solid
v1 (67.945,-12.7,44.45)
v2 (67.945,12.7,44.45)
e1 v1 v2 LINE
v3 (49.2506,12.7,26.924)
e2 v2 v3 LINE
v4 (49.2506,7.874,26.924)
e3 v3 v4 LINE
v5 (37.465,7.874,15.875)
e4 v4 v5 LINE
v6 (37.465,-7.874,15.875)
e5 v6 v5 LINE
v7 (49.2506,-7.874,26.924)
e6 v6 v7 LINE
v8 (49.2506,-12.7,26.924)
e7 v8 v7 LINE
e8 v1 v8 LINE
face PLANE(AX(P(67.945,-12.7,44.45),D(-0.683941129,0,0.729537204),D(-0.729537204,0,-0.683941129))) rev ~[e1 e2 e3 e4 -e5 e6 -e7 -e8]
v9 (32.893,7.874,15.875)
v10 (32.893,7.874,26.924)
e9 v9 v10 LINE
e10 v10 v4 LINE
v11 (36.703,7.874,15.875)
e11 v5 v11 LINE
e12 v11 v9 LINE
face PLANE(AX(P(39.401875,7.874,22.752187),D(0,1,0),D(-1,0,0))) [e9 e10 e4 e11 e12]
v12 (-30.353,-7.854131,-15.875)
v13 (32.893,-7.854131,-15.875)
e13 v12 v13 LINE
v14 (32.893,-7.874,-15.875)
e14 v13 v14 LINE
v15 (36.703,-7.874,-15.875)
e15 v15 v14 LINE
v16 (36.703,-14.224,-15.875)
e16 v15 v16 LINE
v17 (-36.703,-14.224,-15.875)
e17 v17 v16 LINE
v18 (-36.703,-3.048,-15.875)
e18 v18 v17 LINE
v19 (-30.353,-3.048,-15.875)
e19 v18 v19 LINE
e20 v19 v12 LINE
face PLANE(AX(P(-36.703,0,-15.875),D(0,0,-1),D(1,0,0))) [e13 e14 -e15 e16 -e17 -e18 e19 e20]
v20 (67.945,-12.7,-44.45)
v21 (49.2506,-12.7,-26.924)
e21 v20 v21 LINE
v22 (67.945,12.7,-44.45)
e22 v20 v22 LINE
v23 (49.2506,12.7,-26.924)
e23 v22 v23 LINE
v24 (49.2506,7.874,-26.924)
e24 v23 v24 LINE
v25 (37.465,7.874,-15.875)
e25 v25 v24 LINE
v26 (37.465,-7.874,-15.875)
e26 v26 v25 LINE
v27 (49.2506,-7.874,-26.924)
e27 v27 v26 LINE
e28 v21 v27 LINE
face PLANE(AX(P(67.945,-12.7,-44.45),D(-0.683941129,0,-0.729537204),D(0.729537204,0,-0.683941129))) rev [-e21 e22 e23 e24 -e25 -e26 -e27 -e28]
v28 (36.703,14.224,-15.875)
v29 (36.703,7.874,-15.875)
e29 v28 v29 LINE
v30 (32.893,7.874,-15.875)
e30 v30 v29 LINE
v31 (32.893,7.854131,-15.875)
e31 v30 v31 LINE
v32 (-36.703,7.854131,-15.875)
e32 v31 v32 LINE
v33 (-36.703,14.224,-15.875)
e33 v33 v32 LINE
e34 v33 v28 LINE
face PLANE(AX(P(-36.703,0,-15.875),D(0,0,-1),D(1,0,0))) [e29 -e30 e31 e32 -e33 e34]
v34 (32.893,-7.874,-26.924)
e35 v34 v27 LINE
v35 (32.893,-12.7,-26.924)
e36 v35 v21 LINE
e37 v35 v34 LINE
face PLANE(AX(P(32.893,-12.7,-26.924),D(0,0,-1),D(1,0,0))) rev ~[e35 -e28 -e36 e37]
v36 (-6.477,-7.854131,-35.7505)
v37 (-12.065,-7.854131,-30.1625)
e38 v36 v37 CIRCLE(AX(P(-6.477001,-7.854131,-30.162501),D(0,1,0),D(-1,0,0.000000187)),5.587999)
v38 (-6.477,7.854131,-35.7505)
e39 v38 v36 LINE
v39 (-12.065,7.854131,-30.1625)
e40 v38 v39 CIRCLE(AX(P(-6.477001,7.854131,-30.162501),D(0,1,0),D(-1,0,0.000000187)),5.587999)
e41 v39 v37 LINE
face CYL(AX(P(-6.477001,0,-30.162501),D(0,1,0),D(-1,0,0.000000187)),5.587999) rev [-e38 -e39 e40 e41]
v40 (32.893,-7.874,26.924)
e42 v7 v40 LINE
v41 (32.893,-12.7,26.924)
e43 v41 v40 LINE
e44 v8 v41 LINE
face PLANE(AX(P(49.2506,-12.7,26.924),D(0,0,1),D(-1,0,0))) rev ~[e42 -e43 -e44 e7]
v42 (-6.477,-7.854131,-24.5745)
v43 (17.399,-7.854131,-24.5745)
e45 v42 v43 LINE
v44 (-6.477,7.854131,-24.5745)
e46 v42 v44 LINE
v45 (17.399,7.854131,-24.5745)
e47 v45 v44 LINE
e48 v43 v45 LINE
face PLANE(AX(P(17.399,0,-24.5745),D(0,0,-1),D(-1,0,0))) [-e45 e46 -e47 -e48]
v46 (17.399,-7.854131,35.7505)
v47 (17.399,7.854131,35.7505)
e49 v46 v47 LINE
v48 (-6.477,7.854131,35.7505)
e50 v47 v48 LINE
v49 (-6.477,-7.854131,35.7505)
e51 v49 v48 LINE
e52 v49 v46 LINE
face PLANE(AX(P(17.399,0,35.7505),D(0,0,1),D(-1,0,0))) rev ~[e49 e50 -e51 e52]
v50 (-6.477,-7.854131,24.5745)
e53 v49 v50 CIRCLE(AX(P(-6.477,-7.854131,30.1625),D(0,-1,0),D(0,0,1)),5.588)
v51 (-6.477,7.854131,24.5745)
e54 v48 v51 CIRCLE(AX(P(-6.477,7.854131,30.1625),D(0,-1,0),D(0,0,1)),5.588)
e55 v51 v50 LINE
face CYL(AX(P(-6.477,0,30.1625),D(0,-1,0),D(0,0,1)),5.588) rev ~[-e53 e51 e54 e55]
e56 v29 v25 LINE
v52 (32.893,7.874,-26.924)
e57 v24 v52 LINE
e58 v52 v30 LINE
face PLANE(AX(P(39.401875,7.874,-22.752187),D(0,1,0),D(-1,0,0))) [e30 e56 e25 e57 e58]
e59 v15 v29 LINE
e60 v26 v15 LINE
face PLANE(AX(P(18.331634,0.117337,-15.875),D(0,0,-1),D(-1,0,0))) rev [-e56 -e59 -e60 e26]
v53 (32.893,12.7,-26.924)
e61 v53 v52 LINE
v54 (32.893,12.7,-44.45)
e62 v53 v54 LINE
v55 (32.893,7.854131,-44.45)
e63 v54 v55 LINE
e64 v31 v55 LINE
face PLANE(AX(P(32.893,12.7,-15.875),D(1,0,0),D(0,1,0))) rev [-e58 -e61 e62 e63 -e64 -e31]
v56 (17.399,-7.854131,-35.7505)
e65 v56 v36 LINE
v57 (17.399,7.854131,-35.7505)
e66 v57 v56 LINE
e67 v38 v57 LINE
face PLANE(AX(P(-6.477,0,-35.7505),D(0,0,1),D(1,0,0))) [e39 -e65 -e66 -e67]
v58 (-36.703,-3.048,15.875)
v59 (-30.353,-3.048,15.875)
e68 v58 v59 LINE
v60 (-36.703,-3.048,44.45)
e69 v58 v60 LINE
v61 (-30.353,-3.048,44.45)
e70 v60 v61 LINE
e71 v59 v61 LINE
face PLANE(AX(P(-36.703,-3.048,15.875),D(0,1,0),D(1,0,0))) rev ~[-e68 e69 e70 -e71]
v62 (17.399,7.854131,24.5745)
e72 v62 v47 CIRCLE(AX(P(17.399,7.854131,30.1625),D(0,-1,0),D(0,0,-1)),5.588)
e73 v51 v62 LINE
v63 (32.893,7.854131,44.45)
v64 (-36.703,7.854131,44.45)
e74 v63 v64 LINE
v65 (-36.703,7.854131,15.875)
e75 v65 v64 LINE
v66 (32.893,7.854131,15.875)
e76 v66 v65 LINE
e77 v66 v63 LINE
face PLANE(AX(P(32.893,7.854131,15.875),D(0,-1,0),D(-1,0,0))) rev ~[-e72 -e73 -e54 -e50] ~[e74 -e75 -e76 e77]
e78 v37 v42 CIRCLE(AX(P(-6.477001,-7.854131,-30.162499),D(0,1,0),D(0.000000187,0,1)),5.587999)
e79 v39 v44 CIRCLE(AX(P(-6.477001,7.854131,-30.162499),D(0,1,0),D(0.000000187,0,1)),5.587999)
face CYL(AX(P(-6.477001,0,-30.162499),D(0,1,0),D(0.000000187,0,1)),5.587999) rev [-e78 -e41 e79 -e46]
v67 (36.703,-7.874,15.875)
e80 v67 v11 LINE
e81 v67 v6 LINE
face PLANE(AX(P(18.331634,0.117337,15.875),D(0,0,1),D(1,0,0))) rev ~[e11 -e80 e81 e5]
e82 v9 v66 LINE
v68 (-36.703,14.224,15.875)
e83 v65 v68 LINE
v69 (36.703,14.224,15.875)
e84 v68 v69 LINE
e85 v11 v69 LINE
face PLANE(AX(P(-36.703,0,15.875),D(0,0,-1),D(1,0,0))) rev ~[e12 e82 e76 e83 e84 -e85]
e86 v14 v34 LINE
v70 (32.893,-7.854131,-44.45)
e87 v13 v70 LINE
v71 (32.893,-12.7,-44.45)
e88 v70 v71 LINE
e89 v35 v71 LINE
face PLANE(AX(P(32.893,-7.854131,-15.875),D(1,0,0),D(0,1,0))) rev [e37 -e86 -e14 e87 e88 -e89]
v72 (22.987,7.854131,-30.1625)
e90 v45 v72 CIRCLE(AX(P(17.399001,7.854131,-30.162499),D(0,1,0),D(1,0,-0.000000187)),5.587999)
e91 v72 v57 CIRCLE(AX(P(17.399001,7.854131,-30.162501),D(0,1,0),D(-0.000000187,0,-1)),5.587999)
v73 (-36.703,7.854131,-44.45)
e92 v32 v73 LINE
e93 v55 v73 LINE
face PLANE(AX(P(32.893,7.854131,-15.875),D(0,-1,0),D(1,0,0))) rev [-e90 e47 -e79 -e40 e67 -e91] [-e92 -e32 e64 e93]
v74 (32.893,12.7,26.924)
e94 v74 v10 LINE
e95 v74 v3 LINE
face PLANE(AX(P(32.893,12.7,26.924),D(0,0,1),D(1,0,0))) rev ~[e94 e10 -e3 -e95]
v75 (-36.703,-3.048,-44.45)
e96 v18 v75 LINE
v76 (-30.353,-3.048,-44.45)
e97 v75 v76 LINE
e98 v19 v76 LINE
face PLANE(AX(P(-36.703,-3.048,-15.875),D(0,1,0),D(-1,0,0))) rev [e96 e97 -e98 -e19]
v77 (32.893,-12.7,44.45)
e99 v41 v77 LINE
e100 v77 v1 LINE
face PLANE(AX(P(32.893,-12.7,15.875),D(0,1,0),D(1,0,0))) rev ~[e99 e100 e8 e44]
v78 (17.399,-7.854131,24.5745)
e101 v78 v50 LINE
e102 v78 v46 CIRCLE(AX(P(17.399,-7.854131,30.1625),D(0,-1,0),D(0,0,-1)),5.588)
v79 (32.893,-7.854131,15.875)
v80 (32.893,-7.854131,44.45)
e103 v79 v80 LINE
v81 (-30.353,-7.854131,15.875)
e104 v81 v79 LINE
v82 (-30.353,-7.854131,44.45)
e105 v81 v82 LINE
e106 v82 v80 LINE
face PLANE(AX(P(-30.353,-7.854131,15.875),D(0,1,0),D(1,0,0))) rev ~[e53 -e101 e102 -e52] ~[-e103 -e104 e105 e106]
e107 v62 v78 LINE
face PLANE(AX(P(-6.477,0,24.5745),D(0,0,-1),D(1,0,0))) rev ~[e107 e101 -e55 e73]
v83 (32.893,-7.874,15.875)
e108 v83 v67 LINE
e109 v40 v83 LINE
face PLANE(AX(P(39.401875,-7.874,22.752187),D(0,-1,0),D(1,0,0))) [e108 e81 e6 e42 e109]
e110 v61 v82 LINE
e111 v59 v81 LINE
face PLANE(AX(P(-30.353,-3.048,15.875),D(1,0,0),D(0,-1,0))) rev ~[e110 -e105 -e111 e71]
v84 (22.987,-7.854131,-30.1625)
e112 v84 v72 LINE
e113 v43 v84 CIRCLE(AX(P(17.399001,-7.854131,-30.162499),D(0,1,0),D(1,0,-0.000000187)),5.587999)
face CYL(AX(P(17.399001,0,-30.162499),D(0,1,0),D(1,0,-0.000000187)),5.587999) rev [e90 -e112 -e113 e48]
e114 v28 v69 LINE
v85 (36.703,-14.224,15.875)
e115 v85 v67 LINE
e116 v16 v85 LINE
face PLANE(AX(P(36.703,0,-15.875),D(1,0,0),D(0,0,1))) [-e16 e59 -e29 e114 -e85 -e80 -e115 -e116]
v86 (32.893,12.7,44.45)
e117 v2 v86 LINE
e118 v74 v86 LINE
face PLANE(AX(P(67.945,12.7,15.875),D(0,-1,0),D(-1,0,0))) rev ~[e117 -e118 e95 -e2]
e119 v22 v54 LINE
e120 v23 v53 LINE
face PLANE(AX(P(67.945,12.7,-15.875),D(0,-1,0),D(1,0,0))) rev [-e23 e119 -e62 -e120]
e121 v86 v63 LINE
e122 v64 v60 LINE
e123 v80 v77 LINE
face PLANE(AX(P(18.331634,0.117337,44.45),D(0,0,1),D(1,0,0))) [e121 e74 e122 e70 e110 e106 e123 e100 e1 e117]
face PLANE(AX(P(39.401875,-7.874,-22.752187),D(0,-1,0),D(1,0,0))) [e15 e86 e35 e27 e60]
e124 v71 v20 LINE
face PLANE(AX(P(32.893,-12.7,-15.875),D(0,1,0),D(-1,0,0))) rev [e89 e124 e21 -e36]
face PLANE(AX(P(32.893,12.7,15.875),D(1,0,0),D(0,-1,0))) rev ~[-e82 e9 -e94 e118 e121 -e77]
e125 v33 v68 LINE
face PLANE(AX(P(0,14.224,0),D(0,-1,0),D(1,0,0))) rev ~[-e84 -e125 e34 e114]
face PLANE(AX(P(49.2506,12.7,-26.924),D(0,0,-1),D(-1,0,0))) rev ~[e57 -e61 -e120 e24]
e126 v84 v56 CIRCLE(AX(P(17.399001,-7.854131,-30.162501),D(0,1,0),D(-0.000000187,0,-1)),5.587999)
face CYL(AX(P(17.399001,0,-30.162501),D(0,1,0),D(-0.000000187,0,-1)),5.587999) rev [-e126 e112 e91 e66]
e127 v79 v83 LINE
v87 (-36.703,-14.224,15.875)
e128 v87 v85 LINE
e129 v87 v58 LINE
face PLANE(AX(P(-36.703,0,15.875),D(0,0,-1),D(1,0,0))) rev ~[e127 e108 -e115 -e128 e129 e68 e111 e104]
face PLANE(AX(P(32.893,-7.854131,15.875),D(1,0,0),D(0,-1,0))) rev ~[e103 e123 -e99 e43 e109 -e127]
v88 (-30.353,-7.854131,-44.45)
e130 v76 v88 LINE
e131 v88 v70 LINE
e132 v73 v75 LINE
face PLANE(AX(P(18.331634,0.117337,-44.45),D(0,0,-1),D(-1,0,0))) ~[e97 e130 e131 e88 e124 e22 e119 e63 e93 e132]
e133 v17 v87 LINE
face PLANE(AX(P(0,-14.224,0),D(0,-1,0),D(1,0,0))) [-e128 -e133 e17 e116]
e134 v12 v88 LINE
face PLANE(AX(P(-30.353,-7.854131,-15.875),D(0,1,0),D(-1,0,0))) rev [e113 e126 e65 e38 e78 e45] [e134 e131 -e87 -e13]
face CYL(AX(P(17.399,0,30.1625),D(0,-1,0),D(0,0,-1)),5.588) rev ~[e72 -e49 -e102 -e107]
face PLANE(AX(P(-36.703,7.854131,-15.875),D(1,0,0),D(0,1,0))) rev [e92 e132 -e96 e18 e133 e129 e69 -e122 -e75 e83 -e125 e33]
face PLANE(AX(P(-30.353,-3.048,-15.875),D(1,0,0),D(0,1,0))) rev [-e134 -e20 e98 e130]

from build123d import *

# Parameters (mm, degrees)
F0_W      = 73.406
F0_H      = 31.75
F1_DEPTH  = 14.224
F3_DEPTH  = 28.575
F5_DEPTH  = 25.4
F8_DEPTH  = 12.7
F10_DEPTH = 4.826
F12_DEPTH = 4.826


with BuildPart() as f1:
    # F0 (on Front) → F1 (new body, symmetric)
    with BuildSketch(Plane.XZ):
        Rectangle(F0_W, F0_H)
    extrude(amount=F1_DEPTH, both=True)

    # F2 (on face) → F3 (join)
    with BuildSketch(Plane.XY.offset(15.875)):
        Polygon((-36.703, 7.854131), (-36.703, -3.048), (-30.353, -3.048), (-30.353, -7.854131), (32.893, -7.854131), (32.893, -12.7), (67.945, -12.7), (67.945, 12.7), (32.893, 12.7), (32.893, 7.854131), align=None)
    extrude(amount=F3_DEPTH)

    # F4 (on face) → F5 (cut)
    with BuildSketch(Plane.XZ.offset(12.7)):
        Polygon((67.945, 44.45), (37.465, 15.875), (67.945, 15.875), align=None)
    extrude(amount=-F5_DEPTH, mode=Mode.SUBTRACT)

    # F6: F1 across plane


with BuildPart() as f1_1:
    add(f1.part)
    add(f1.part.mirror(Plane.XY))

    # F7 (on Front) → F8 (cut, symmetric)
    with BuildSketch(Plane.XZ):
        with BuildLine():
            ThreePointArc((-6.477, -24.5745), (-10.428313, -26.211187), (-12.065, -30.1625))
            Line((-12.065, -30.1625), (22.987, -30.1625))
            ThreePointArc((22.987, -30.1625), (21.350313, -26.211187), (17.399, -24.5745))
            Line((17.399, -24.5745), (-6.477, -24.5745))
        make_face()
        with BuildLine():
            Line((22.987, -30.1625), (-12.065, -30.1625))
            ThreePointArc((-12.065, -30.1625), (-10.428313, -34.113813), (-6.477, -35.7505))
            Line((-6.477, -35.7505), (17.399, -35.7505))
            ThreePointArc((17.399, -35.7505), (21.350313, -34.113813), (22.987, -30.1625))
        make_face()
        with BuildLine():
            ThreePointArc((-6.477, 35.7505), (-12.065, 30.1625), (-6.477, 24.5745))
            Line((-6.477, 24.5745), (17.399, 24.5745))
            ThreePointArc((17.399, 24.5745), (22.987, 30.1625), (17.399, 35.7505))
            Line((17.399, 35.7505), (-6.477, 35.7505))
        make_face()
    extrude(amount=F8_DEPTH, both=True, mode=Mode.SUBTRACT)

    # F9 (on face) → F10 (cut)
    with BuildSketch(Plane.XZ.offset(12.7)):
        Polygon((32.893, -15.875), (32.893, -26.924), (49.2506, -26.924), (37.465, -15.875), align=None)
        Polygon((37.465, 15.875), (49.2506, 26.924), (32.893, 26.924), (32.893, 15.875), align=None)
    extrude(amount=-F10_DEPTH, mode=Mode.SUBTRACT)

    # F11 (on face) → F12 (cut)
    with BuildSketch(Plane(origin=(0, 12.7, 0), x_dir=(-1, 0, 0), z_dir=(0, 1, 0))):
        Polygon((-49.2506, -26.924), (-32.893, -26.924), (-32.893, -15.875), (-36.703, -15.875), (-37.465, -15.875), align=None)
        Polygon((-37.465, 15.875), (-36.703, 15.875), (-32.893, 15.875), (-32.893, 26.924), (-49.2506, 26.924), align=None)
    extrude(amount=-F12_DEPTH, mode=Mode.SUBTRACT)


solid = f1_1.part
